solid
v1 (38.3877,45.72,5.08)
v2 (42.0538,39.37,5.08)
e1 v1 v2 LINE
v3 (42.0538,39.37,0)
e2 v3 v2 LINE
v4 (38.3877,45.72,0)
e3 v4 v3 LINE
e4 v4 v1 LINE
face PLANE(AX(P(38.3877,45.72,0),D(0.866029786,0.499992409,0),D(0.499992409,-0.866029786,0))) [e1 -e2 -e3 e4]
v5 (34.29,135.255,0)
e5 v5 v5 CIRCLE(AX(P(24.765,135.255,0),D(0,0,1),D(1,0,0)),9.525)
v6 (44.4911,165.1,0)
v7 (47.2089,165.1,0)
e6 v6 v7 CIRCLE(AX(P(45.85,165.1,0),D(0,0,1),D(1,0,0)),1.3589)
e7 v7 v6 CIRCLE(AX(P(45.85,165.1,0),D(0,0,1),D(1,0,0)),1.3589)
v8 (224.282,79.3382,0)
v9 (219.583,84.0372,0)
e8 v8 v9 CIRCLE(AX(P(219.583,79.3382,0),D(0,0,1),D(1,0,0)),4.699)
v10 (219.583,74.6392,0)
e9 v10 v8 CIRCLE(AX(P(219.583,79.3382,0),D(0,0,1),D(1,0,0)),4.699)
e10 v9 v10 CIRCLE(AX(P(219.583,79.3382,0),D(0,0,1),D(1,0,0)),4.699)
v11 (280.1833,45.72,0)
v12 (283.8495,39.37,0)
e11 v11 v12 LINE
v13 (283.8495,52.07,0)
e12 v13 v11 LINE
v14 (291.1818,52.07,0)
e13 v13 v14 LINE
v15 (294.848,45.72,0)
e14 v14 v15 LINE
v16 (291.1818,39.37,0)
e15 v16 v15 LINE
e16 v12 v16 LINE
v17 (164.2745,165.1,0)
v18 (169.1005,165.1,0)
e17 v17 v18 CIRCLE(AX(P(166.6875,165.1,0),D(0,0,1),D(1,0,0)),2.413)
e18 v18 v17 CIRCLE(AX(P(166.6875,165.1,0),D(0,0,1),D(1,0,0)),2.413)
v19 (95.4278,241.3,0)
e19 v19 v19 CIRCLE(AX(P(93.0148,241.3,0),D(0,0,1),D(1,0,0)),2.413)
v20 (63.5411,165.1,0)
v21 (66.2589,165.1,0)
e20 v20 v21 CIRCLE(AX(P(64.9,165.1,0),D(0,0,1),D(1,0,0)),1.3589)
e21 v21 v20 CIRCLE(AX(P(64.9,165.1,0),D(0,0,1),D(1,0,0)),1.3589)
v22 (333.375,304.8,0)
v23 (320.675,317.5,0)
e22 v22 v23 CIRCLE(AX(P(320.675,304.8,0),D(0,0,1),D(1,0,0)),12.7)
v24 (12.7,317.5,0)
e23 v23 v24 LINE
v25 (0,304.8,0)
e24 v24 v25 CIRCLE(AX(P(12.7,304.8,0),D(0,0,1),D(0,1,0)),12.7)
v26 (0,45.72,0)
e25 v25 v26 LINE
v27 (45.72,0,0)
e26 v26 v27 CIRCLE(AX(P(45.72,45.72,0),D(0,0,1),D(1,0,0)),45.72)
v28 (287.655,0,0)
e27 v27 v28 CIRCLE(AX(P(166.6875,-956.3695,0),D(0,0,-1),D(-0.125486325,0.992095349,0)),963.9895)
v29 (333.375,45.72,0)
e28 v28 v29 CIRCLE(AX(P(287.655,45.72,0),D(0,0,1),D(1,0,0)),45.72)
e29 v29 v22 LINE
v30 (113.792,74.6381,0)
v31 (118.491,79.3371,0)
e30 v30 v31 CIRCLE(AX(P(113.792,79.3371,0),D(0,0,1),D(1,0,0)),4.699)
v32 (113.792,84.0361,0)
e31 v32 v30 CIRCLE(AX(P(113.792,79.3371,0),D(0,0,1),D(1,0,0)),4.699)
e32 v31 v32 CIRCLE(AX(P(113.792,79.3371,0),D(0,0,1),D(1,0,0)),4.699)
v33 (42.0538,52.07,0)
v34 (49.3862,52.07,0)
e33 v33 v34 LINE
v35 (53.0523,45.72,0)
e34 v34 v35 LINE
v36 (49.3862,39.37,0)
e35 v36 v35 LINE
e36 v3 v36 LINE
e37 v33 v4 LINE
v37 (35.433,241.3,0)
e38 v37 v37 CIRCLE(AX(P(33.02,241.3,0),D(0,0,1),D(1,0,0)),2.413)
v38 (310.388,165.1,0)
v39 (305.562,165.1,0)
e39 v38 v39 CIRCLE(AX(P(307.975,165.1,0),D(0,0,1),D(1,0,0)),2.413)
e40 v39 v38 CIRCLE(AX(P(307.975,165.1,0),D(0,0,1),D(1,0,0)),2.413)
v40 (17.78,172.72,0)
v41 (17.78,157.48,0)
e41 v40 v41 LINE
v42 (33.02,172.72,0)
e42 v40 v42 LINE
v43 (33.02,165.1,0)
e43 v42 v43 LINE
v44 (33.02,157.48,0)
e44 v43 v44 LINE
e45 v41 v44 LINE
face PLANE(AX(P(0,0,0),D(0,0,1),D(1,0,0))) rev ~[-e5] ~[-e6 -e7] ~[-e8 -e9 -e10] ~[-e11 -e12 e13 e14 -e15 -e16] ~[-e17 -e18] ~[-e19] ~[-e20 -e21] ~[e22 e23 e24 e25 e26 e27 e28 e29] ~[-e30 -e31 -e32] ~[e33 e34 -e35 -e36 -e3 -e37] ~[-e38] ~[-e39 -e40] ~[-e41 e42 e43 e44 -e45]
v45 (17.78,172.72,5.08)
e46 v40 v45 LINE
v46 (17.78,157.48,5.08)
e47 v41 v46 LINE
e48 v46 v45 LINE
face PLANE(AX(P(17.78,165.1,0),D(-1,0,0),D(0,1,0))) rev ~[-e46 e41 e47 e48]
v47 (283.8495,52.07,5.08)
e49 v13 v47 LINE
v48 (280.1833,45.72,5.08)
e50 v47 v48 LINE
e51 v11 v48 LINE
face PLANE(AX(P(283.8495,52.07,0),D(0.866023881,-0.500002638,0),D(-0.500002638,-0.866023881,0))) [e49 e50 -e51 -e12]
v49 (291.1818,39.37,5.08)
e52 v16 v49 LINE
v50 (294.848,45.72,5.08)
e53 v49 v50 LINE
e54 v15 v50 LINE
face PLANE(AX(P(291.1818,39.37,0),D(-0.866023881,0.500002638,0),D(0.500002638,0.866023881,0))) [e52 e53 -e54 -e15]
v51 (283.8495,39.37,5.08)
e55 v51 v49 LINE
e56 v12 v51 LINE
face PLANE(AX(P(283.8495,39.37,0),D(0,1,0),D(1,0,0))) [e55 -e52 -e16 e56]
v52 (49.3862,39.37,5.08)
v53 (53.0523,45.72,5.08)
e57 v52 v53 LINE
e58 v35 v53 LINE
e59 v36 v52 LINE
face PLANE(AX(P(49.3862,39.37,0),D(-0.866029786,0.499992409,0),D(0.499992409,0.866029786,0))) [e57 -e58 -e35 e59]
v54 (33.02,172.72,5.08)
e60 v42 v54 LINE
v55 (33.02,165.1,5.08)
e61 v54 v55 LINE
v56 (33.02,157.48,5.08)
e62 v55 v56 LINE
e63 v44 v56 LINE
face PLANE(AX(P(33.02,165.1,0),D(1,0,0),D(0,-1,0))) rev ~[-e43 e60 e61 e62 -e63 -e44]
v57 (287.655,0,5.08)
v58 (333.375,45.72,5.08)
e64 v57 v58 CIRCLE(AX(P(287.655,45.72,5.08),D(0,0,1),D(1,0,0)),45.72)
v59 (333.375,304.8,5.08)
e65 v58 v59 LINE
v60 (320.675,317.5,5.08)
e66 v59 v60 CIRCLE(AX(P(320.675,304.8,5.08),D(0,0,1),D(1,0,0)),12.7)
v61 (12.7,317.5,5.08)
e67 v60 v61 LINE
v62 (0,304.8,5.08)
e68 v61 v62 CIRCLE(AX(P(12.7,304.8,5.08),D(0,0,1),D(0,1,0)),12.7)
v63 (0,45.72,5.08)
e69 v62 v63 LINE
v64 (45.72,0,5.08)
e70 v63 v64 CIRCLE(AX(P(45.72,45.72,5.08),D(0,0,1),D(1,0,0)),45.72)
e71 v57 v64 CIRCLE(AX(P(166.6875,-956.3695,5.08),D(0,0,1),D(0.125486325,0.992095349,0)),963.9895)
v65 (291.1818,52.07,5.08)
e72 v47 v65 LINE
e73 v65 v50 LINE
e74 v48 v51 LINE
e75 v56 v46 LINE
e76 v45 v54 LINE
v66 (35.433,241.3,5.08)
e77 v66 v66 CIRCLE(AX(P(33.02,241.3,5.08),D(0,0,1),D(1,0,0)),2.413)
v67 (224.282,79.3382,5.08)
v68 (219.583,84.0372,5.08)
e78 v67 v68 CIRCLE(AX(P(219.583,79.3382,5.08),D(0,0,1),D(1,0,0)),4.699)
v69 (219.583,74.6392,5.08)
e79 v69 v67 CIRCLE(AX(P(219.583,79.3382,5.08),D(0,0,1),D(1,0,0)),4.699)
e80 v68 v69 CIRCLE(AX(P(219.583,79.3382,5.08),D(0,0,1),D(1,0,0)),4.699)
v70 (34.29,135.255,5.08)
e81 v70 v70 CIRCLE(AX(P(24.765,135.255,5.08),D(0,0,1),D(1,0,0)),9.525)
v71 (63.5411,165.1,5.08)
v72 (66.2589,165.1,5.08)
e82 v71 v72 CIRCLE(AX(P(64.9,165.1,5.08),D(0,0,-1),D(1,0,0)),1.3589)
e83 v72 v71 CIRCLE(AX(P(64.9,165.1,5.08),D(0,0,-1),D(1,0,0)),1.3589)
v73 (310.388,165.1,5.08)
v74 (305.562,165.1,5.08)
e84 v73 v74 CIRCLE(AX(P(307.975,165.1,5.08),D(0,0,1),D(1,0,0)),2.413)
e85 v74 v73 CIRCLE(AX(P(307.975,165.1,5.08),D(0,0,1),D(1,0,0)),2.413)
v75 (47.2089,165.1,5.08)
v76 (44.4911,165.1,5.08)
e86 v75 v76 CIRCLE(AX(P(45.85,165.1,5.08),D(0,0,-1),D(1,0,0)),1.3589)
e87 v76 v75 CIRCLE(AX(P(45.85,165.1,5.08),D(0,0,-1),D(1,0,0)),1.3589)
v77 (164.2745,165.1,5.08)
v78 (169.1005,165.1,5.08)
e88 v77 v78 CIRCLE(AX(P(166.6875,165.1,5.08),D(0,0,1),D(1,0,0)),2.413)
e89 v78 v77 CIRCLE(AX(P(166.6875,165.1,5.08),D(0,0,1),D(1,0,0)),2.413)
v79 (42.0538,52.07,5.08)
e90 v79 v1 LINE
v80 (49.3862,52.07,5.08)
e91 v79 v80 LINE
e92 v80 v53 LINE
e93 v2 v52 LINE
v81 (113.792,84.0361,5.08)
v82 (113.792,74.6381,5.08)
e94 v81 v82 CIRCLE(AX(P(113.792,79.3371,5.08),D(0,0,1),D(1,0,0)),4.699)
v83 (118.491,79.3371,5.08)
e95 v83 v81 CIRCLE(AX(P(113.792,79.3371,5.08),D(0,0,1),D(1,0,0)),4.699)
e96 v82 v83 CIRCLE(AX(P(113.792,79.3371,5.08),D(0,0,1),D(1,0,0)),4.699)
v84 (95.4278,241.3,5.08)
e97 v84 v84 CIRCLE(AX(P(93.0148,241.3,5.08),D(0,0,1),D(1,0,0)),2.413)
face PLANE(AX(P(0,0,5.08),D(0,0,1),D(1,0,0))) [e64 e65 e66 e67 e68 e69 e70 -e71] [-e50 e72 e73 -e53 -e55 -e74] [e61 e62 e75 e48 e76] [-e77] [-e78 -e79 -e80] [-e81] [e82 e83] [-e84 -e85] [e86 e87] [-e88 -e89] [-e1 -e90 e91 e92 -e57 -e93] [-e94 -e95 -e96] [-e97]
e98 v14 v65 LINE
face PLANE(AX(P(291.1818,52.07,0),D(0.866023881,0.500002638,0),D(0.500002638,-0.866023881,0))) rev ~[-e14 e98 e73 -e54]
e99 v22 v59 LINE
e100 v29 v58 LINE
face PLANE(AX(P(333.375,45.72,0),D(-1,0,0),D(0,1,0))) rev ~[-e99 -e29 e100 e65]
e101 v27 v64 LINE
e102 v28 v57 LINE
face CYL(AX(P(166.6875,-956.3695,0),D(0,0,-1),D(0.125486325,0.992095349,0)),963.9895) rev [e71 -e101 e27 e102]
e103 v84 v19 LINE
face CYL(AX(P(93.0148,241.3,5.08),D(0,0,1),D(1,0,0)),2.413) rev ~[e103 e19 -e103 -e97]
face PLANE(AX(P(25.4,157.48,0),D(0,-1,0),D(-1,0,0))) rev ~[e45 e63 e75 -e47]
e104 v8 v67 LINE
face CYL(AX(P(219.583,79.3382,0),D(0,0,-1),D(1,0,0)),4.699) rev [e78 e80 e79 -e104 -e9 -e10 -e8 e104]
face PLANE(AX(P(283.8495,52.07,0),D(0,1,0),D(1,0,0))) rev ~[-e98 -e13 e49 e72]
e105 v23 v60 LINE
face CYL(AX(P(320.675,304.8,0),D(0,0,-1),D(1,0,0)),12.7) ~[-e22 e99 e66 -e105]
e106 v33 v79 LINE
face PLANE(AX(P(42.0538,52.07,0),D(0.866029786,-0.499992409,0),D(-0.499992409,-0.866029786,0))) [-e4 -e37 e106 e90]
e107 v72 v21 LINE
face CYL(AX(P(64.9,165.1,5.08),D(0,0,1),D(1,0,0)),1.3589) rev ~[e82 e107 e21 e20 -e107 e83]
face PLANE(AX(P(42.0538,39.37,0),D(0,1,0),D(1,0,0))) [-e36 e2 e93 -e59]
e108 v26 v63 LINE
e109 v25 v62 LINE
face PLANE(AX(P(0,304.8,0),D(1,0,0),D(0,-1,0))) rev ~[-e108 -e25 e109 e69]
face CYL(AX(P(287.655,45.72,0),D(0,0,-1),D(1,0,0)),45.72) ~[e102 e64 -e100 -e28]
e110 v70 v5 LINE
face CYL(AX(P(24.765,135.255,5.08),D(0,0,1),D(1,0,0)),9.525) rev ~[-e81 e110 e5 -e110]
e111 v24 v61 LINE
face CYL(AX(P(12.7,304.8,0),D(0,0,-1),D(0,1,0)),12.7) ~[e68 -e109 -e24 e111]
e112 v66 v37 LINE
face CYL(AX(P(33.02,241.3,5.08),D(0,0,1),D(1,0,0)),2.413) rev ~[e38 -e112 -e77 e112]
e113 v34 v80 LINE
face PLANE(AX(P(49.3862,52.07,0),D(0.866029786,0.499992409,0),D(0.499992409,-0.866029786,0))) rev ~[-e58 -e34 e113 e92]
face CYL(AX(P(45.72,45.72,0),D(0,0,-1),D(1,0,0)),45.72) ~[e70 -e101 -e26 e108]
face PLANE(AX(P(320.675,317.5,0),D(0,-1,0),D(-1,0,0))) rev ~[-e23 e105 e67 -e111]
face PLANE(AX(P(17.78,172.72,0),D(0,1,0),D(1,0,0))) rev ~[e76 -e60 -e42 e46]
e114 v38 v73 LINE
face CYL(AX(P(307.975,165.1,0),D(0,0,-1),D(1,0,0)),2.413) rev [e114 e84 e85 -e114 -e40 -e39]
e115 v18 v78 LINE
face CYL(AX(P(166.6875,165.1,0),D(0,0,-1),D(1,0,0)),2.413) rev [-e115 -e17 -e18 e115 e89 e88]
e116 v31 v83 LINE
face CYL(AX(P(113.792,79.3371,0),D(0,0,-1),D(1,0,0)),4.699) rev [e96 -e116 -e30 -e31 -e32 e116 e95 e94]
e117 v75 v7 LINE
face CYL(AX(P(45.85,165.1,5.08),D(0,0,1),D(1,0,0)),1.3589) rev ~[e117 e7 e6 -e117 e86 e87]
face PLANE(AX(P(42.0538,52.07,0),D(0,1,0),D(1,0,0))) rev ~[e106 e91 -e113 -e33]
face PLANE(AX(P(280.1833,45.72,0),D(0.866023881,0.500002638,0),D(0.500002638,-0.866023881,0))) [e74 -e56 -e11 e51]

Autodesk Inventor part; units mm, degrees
ref_plane "YZ Plane" through (0, 0, 0) normal (1, 0, 0) x (0, 1, 0)
ref_plane "XZ Plane" through (0, 0, 0) normal (0, 1, 0) x (-1, 0, 0)
ref_plane "XY Plane" through (0, 0, 0) normal (0, 0, 1) x (1, 0, 0)
sketch "Sketch1" plane through (0, 0, 0) normal (0, 0, 1) x (1, 0, 0)
  line L0 (0, 0) -> (333.375, 0)
  line L1 (333.375, 0) -> (333.375, 304.8)
  line L2 (320.675, 317.5) -> (12.7, 317.5)
  line L3 (0, 304.8) -> (0, 0)
  circle A0 centre (45.72, 45.72) radius 45.72
  circle A1 centre (287.655, 45.72) radius 45.72
  line L4 (166.6875, 0) -> (166.6875, 7.62)
  arc A2 (287.655, 0) -> (45.72, 0) centre (166.6875, -956.3695) ccw
  arc A3 (12.7, 317.5) -> (0, 304.8) centre (12.7, 304.8) ccw
  arc A4 (333.375, 304.8) -> (320.675, 317.5) centre (320.675, 304.8) ccw
  circle A5 centre (45.72, 45.72) radius 2.413
  circle A6 centre (287.655, 45.72) radius 2.413
  circle A7 centre (307.975, 165.1) radius 2.413
  line L5 (25.4, 165.1) -> (307.975, 165.1)
  circle A8 centre (166.6875, 165.1) radius 2.413
  line L6 (45.72, 45.72) -> (113.792, 45.72)
  line L7 (287.655, 45.72) -> (219.583, 45.72)
  line L8 (49.3862, 39.37) -> (53.0523, 45.72)
  line L9 (49.3862, 52.07) -> (53.0523, 45.72)
  line L10 (42.0538, 39.37) -> (49.3862, 39.37)
  line L11 (42.0538, 52.07) -> (49.3862, 52.07)
  line L12 (42.0538, 52.07) -> (38.3877, 45.72)
  line L13 (38.3877, 45.72) -> (42.0538, 39.37)
  line L14 (291.1818, 39.37) -> (294.848, 45.72)
  line L15 (291.1818, 52.07) -> (294.848, 45.72)
  line L16 (283.8495, 39.37) -> (291.1818, 39.37)
  line L17 (283.8495, 52.07) -> (291.1818, 52.07)
  line L18 (283.8495, 52.07) -> (280.1833, 45.72)
  line L19 (280.1833, 45.72) -> (283.8495, 39.37)
  line L20 (42.0538, 52.07) -> (49.3862, 39.37)
  line L21 (42.0538, 39.37) -> (49.3862, 52.07)
  line L22 (113.792, 95.337) -> (113.792, 63.3371)
  line L23 (113.792, 45.72) -> (113.792, 63.3371)
  circle A9 centre (113.792, 79.3371) radius 4.699
  ellipse E0 centre (113.792, 63.3371) end of major axis (113.7846, 65.3371) minor radius 2
  line L24 (219.583, 45.72) -> (219.583, 63.3371)
  ellipse E1 centre (219.583, 63.3371) end of major axis (219.5756, 65.3371) minor radius 2
  line L25 (219.583, 95.3392) -> (219.583, 63.3371)
  circle A10 centre (219.583, 79.3382) radius 4.699
  ellipse E2 centre (235.5574, 128.7087) end of major axis (235.56, 127.3562) minor radius 1.3525
  ellipse E3 centre (203.5575, 128.6472) end of major axis (203.5601, 127.2947) minor radius 1.3525
  ellipse E4 centre (219.583, 95.337) end of major axis (219.5791, 97.337) minor radius 2
  ellipse E5 centre (129.4616, 128.6451) end of major axis (129.4642, 127.2925) minor radius 1.3525
  ellipse E6 centre (97.4617, 128.6451) end of major axis (97.4643, 127.2925) minor radius 1.3525
  ellipse E7 centre (113.792, 95.337) end of major axis (113.7881, 97.337) minor radius 2
  line L26 (25.4, 165.1) -> (25.4, 157.48)
  line L27 (25.4, 157.48) -> (17.78, 157.48)
  line L28 (17.78, 157.48) -> (17.78, 165.1)
  line L29 (17.78, 165.1) -> (17.78, 172.72)
  line L30 (17.78, 172.72) -> (33.02, 172.72)
  line L31 (33.02, 172.72) -> (33.02, 157.48)
  line L32 (33.02, 157.48) -> (25.4, 157.48)
  point P0 (333.375, 317.5)
  point P1 (0, 317.5)
  point P2 (0, 0)
  point P3 (333.375, 45.72)
  point P4 (0, 45.72)
  point P5 (45.3639, 35.0229)
  point P6 (45.3639, 35.0229)
  point P7 (287.655, 45.72)
  point P8 (287.655, 45.72)
  point P9 (49.2468, 52.07)
  point P10 (291.1818, 52.07)
  point P11 (49.7423, 75.4671)
  point P12 (291.1818, 64.77)
  point P13 (45.72, 45.72)
  dimension "d176" = 91.44
  dimension "d177" = 91.44
  dimension "d174" = 333.375
  dimension "d175" = 317.5
  dimension "d178" = 7.62
  dimension "d179" = 12.7
  dimension "d180" = 4.826
  dimension "d181" = 4.826
  dimension "d184" = 25.4
  dimension "d185" = 4.826
  dimension "d186" = 25.4
  dimension "d188" = 4.826
  dimension "d193" = 68.072
  dimension "d194" = 68.072
  dimension "d195" = 165.1
  dimension "d206" = 12.7
  dimension "d207" = 12.7
  dimension "d208" = 12.7
  dimension "d209" = 7.3323
  dimension "d210" = 7.3323
  dimension "d211" = 7.3323
  dimension "d212" = 7.3323
  dimension "d213" = 7.3323
  dimension "d214" = 7.3323
  dimension "d215" = 12.7
  dimension "d216" = 12.7
  dimension "d217" = 12.7
  dimension "d218" = 7.3323
  dimension "d219" = 7.3323
  dimension "d220" = 7.3323
  dimension "d221" = 7.3323
  dimension "d222" = 7.3323
  dimension "d223" = 7.3323
  dimension "d224" = 17.6171
  dimension "d225" = 17.6171
  dimension "d226" = 9.398
  dimension "d227" = 9.398
  dimension "d228" = 31.9999
  dimension "d229" = 33.308
  dimension "d230" = 31.9999
  dimension "d231" = 33.308
  dimension "d232" = 15.6696
  dimension "d233" = 16.0255
  dimension "d234" = 31.9999
  dimension "d235" = 31.9999
  dimension "d236" = 180
  dimension "d237" = 0
  dimension "d258" = 7.62
  dimension "d259" = 7.62
  dimension "d260" = 7.62
  dimension "d261" = 7.62
  dimension "d262" = 15.24
extrude "Extrusion1" add sketch "Sketch1" along normal blind 5.08 contours A0 A2 | E7 | E0 L22 L23 | L23 L22 E0 | E4 | E1 L25 L24 | L24 L25 E1 | L3 A3 L2 A4 L1 A1 A2 A0 | A2 A1 | E2 | E3 | E5 | E6 picked at (16.5244, 31.421) picked at (316.8042, 60.019)
sketch "Sketch8" plane through (0, 0, 5.08) normal (0, 0, 1) x (1, 0, 0)
  line L0 (33.02, 172.72) -> (33.02, 157.48) projected
  line L1 (33.02, 157.48) -> (33.02, 165.1)
  line L2 (33.02, 165.1) -> (45.72, 165.1)
  line L3 (45.72, 165.1) -> (64.77, 165.1)
  circle A0 centre (64.9, 165.1) radius 1.3589
  circle A1 centre (45.85, 165.1) radius 1.3589
  line L4 (33.02, 165.1) -> (25.273, 165.1)
  line L5 (17.78, 157.48) -> (17.78, 172.72) projected
  point P0 (0, 0)
  dimension "d263" = 12.7
  dimension "d264" = 19.05
  dimension "d267" = 2.7178
  dimension "d268" = 2.7178
  dimension "d271" = 7.747
extrude "Extrusion8" cut sketch "Sketch8" against normal blind 28.5115
sketch "Sketch7" plane through (0, 0, 5.08) normal (0, 0, 1) x (1, 0, 0)
  line L0 (0, 304.8) -> (0, 45.72) projected
  line L1 (320.675, 317.5) -> (12.7, 317.5) projected
  circle A0 centre (33.02, 241.3) radius 2.413
  circle A1 centre (93.0148, 241.3) radius 2.413
  point P0 (0, 0)
  dimension "d243" = 4.826
  dimension "d244" = 4.826
  dimension "d245" = 76.2
  dimension "d246" = 33.02
  dimension "d247" = 59.9948
  dimension "d248" = 76.2
extrude "Extrusion10" cut sketch "Sketch7" against normal through all
sketch "Sketch9" plane through (0, 0, 5.08) normal (0, 0, 1) x (1, 0, 0)
  circle A0 centre (24.765, 135.255) radius 9.525
  line L0 (33.02, 157.48) -> (17.78, 157.48) projected
  line L1 (0, 304.8) -> (0, 45.72) projected
  point P0 (0, 0)
  dimension "d276" = 19.05
  dimension "d277" = 12.7
  dimension "d278" = 15.24
extrude "Extrusion11" cut sketch "Sketch9" against normal through all
sketch "Sketch10" plane through (0, 0, 0) normal (0, 0, -1) x (-1, 0, 0)
  line L0 (-190.5, 318.5819) -> (-190.5, 280.4819)
  line L1 (0, 304.8) -> (0, 45.72) projected
  circle A0 centre (-190.5, 280.4819) radius 3.175
  circle A1 centre (-38.1866, 267.5069) radius 1.7 projected
  line L2 (-190.5, 280.4819) -> (-38.1866, 267.5069)
  line L3 (-190.5, 280.4819) -> (-38.1866, 280.4819)
  line L4 (-38.1866, 280.4819) -> (-38.1866, 267.5069)
  line L5 (-190.5, 280.4819) -> (-51.9643, 215.8816)
  circle A2 centre (-51.9643, 215.8816) radius 2.4291
  point P0 (0, 0)
  dimension "d282" = 38.1
  dimension "d283" = 190.5
  dimension "d284" = 6.35
  dimension "d287" = 4.869
  dimension "d288" = 152.8651
  dimension "d289" = 152.8572
  dimension "d290" = 25
properties part number "FTC Outside Panels" material "Wood (Oak)"
